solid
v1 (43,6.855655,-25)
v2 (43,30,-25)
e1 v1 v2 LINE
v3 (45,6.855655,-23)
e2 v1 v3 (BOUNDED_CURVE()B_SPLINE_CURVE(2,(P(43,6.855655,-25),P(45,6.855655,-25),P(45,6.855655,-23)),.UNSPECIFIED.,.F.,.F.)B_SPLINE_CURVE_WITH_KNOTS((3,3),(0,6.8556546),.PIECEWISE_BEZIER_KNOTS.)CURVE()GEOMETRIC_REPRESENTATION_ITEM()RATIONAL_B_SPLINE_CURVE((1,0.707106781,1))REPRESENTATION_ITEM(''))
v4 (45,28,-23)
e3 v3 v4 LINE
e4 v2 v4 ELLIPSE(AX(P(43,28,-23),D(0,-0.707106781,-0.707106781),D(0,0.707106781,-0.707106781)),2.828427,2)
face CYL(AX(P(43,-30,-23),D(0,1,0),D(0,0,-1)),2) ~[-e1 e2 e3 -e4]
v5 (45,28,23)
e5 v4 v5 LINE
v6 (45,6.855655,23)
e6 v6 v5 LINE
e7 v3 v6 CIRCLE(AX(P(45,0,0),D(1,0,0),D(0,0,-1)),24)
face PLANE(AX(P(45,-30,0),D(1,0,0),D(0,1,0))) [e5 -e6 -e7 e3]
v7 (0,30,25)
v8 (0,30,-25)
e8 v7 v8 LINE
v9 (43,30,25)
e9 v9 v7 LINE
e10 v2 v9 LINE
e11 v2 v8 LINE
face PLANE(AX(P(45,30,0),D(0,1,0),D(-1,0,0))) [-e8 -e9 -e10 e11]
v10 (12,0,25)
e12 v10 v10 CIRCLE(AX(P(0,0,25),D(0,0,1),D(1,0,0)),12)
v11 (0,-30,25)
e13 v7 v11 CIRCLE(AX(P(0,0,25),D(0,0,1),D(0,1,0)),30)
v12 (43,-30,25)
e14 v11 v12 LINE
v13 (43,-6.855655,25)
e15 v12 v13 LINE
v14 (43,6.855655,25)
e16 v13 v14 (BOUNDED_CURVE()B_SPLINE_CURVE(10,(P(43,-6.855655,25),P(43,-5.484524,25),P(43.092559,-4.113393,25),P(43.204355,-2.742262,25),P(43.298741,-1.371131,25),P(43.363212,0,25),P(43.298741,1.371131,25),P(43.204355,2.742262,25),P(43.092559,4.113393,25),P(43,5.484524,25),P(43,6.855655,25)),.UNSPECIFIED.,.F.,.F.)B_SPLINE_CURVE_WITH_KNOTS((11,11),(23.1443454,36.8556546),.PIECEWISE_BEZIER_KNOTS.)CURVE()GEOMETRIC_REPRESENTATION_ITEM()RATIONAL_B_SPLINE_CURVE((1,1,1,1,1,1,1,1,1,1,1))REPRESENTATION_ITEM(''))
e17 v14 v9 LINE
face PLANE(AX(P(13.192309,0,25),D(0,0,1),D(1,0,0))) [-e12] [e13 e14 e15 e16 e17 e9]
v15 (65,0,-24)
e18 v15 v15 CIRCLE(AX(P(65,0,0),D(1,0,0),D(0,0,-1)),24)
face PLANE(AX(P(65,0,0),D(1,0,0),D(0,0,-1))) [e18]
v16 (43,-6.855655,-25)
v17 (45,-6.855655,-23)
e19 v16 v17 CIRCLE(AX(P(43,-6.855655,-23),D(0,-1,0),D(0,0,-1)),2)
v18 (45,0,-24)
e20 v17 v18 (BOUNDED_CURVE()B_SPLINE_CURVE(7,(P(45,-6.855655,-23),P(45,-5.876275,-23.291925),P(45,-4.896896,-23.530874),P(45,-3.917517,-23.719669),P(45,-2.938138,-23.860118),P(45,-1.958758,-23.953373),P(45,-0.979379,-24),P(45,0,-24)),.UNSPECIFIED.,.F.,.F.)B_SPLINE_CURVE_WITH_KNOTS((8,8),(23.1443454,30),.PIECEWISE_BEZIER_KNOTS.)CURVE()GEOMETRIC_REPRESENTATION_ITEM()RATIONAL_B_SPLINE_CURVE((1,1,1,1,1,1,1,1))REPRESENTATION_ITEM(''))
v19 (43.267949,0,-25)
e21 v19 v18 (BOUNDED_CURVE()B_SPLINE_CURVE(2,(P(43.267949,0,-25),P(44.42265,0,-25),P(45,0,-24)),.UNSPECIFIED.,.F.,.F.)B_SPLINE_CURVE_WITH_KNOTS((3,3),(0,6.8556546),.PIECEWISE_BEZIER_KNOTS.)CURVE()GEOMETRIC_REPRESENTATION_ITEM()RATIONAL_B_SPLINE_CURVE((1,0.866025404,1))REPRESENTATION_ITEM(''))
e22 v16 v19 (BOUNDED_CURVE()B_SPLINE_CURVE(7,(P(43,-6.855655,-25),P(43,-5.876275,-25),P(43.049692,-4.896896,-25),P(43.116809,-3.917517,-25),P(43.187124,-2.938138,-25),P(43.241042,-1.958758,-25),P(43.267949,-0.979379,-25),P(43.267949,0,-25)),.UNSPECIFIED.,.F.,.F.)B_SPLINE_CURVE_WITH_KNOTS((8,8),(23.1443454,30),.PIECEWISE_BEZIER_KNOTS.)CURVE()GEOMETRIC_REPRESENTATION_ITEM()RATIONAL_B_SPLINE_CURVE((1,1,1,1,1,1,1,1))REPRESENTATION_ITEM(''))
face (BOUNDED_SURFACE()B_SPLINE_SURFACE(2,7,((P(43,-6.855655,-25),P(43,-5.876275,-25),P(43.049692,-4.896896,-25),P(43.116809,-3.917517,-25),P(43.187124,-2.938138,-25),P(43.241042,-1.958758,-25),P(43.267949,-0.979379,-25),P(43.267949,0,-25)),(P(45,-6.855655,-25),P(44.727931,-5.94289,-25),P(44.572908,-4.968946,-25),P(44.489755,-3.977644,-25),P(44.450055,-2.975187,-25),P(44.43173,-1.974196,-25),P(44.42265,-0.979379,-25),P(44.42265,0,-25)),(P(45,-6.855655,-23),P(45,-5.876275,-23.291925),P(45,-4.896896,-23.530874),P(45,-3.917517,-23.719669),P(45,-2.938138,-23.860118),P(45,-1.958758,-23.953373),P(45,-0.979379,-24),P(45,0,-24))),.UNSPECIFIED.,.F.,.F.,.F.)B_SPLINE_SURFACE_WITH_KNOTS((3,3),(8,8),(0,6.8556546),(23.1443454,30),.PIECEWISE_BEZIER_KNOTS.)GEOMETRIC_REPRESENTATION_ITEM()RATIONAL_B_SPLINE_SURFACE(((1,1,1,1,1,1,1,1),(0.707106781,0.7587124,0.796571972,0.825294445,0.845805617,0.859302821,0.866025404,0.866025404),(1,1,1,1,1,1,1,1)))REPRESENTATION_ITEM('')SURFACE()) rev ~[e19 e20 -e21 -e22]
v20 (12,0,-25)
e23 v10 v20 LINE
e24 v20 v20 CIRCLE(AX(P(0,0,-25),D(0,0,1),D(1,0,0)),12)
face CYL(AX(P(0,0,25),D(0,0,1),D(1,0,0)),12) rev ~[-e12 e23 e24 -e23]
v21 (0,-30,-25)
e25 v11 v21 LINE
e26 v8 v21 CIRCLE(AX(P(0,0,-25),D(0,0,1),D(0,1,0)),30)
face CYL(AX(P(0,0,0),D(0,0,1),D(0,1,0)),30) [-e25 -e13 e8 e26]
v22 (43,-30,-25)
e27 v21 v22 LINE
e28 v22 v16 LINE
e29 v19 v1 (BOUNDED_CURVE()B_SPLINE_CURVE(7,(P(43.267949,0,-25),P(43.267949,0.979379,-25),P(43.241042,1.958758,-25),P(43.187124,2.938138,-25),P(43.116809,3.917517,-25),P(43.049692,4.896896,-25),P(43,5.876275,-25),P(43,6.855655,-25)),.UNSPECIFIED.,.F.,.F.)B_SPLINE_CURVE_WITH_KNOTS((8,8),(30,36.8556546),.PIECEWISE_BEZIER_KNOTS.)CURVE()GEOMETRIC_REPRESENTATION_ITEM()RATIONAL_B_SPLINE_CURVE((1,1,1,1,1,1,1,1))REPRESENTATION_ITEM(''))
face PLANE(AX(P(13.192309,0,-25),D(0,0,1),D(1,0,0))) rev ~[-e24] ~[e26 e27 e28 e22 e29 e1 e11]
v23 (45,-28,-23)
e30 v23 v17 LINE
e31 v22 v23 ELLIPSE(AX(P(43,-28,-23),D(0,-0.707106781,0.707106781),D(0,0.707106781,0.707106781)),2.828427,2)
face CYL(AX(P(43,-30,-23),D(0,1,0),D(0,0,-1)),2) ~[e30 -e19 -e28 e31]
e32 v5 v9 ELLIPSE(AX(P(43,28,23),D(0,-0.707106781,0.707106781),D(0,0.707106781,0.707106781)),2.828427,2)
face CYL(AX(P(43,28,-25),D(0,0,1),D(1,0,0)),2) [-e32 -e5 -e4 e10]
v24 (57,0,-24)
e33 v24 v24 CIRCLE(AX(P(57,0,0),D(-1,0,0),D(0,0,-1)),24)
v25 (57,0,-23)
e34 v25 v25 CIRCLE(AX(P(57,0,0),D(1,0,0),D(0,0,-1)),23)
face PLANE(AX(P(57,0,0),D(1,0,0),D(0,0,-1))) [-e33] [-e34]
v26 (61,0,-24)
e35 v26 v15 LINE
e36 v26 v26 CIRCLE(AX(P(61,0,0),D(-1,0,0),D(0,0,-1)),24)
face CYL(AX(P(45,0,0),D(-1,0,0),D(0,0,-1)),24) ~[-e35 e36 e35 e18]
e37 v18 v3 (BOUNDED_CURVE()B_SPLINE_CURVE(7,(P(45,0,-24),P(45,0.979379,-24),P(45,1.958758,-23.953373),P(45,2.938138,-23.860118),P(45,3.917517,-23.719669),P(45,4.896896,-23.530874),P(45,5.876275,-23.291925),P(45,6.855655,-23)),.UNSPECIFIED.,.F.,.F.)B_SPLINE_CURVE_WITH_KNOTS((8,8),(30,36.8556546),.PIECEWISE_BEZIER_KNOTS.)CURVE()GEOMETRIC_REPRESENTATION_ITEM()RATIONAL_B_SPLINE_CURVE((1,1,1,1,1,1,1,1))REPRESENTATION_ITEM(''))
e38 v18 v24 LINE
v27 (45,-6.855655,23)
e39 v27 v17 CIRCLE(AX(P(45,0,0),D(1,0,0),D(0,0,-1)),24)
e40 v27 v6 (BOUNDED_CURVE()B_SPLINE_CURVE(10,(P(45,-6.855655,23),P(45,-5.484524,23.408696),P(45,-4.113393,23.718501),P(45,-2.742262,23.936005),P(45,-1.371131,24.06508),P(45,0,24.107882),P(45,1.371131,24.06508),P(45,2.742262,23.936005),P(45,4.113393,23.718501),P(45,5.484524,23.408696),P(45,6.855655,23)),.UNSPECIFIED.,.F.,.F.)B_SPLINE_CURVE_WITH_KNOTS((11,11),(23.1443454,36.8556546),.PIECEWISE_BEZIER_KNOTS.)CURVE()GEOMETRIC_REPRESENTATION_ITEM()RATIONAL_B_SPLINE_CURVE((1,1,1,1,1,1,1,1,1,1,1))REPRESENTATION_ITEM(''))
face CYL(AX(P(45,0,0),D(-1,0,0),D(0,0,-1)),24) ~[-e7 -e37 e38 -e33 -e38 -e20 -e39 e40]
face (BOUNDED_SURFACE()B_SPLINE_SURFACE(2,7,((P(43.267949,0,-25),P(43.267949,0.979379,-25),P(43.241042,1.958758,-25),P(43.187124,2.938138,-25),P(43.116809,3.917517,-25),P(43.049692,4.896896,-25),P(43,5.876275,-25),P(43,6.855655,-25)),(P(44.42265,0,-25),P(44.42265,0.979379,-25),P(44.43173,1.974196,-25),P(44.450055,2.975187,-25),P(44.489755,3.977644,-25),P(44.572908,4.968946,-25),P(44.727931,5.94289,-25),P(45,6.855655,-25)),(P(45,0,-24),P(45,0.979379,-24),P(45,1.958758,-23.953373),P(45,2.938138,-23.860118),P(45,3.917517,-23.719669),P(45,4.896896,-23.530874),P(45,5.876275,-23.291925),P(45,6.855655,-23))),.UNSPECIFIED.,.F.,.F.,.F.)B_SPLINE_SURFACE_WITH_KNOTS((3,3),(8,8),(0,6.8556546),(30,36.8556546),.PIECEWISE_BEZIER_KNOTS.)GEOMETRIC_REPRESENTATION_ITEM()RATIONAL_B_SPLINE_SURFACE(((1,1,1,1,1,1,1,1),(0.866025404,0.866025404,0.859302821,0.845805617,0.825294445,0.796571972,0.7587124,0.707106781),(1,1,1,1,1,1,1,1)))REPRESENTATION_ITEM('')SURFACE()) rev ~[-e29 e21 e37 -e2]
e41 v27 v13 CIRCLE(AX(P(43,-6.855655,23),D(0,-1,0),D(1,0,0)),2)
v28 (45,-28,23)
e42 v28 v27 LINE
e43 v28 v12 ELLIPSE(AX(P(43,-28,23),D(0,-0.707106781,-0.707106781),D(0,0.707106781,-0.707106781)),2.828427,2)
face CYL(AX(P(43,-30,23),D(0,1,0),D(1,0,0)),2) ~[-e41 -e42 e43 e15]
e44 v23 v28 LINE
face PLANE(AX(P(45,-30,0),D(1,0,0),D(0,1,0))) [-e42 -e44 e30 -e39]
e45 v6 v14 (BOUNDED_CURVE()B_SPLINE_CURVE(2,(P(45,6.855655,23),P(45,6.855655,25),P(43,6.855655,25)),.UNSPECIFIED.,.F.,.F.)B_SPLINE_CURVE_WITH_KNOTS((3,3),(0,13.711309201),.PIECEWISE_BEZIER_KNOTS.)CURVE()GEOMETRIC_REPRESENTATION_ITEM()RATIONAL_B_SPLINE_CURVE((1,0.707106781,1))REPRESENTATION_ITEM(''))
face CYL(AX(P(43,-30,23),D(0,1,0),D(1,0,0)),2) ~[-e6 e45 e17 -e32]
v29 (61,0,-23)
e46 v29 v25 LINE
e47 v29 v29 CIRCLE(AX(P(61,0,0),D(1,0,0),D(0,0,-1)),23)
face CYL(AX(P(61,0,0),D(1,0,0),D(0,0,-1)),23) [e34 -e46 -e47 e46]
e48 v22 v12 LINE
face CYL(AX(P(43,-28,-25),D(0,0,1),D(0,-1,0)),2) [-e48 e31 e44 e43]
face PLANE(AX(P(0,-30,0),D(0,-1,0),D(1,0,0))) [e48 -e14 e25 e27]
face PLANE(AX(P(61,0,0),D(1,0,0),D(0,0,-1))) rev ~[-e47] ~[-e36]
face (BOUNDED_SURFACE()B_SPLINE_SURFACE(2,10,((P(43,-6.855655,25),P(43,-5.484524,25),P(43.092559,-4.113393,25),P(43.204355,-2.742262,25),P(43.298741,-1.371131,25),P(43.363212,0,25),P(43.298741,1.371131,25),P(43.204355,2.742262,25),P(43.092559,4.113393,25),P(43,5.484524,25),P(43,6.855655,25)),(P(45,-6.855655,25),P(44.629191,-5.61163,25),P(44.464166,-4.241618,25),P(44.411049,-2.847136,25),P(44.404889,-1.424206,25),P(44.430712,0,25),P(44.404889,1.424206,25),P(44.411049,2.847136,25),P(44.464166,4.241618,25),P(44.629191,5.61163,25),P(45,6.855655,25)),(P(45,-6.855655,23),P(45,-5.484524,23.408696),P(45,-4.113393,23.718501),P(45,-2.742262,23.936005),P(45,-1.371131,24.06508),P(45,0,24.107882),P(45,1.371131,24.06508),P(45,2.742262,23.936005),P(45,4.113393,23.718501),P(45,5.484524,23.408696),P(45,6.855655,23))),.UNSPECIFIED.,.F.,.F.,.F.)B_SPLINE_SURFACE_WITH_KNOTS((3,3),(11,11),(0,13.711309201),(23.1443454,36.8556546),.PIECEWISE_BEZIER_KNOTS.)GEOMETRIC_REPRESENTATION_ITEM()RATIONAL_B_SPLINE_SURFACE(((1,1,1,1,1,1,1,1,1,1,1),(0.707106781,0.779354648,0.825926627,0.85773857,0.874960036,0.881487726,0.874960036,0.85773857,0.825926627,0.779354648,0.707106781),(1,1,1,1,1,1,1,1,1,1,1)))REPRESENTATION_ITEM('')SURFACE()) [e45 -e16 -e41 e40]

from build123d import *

# Parameters (mm, degrees)
BOSS_EXTRU_1_DEPTH      = 25
ESQUISSE2_R             = 12
ENL_V_MAT_EXTRU_1_DEPTH = 74.654599313
ESQUISSE3_R             = 24
BOSS_EXTRU_2_DEPTH      = 20
ESQUISSE4_R             = 24.5
ESQUISSE4_R_2           = 23
ENL_V_MAT_EXTRU_2_DEPTH = 4
CONG_1_R                = 2


with BuildPart() as part:
    # Esquisse1 → Boss.-Extru.1 (new, symmetric)
    with BuildSketch(Plane.XY):
        with BuildLine():
            Line((0, -30), (45, -30))
            Line((45, -30), (45, 30))
            Line((45, 30), (0, 30))
            ThreePointArc((0, 30), (-30, 0), (0, -30))
        make_face()
    extrude(amount=BOSS_EXTRU_1_DEPTH, both=True)

    # Esquisse2 → Enlèv. mat.-Extru.1 (cut, through all)
    with BuildSketch(Plane.XY.offset(25)):
        Circle(ESQUISSE2_R)
    extrude(amount=-ENL_V_MAT_EXTRU_1_DEPTH, mode=Mode.SUBTRACT)

    # Esquisse3 → Boss.-Extru.2 (add)
    with BuildSketch(Plane(origin=(45, 0, 0), x_dir=(0, 0, -1), z_dir=(1, 0, 0))):
        Circle(ESQUISSE3_R)
    extrude(amount=BOSS_EXTRU_2_DEPTH)

    # Esquisse4 → Enlèv. mat.-Extru.2 (cut)
    with BuildSketch(Plane(origin=(61, 0, 0), x_dir=(0, 0, -1), z_dir=(1, 0, 0))):
        Circle(ESQUISSE4_R)
        Circle(ESQUISSE4_R_2, mode=Mode.SUBTRACT)
    extrude(amount=-ENL_V_MAT_EXTRU_2_DEPTH, mode=Mode.SUBTRACT)

    # Congé1
    cong_1_edges = [part.edges().sort_by_distance(p)[0] for p in [
        (45, 0, 25),
        (45, 0, -25),
        (45, 30, 0),
        (45, -30, 0),
    ]]
    fillet(cong_1_edges, radius=CONG_1_R)


solid = part.part
